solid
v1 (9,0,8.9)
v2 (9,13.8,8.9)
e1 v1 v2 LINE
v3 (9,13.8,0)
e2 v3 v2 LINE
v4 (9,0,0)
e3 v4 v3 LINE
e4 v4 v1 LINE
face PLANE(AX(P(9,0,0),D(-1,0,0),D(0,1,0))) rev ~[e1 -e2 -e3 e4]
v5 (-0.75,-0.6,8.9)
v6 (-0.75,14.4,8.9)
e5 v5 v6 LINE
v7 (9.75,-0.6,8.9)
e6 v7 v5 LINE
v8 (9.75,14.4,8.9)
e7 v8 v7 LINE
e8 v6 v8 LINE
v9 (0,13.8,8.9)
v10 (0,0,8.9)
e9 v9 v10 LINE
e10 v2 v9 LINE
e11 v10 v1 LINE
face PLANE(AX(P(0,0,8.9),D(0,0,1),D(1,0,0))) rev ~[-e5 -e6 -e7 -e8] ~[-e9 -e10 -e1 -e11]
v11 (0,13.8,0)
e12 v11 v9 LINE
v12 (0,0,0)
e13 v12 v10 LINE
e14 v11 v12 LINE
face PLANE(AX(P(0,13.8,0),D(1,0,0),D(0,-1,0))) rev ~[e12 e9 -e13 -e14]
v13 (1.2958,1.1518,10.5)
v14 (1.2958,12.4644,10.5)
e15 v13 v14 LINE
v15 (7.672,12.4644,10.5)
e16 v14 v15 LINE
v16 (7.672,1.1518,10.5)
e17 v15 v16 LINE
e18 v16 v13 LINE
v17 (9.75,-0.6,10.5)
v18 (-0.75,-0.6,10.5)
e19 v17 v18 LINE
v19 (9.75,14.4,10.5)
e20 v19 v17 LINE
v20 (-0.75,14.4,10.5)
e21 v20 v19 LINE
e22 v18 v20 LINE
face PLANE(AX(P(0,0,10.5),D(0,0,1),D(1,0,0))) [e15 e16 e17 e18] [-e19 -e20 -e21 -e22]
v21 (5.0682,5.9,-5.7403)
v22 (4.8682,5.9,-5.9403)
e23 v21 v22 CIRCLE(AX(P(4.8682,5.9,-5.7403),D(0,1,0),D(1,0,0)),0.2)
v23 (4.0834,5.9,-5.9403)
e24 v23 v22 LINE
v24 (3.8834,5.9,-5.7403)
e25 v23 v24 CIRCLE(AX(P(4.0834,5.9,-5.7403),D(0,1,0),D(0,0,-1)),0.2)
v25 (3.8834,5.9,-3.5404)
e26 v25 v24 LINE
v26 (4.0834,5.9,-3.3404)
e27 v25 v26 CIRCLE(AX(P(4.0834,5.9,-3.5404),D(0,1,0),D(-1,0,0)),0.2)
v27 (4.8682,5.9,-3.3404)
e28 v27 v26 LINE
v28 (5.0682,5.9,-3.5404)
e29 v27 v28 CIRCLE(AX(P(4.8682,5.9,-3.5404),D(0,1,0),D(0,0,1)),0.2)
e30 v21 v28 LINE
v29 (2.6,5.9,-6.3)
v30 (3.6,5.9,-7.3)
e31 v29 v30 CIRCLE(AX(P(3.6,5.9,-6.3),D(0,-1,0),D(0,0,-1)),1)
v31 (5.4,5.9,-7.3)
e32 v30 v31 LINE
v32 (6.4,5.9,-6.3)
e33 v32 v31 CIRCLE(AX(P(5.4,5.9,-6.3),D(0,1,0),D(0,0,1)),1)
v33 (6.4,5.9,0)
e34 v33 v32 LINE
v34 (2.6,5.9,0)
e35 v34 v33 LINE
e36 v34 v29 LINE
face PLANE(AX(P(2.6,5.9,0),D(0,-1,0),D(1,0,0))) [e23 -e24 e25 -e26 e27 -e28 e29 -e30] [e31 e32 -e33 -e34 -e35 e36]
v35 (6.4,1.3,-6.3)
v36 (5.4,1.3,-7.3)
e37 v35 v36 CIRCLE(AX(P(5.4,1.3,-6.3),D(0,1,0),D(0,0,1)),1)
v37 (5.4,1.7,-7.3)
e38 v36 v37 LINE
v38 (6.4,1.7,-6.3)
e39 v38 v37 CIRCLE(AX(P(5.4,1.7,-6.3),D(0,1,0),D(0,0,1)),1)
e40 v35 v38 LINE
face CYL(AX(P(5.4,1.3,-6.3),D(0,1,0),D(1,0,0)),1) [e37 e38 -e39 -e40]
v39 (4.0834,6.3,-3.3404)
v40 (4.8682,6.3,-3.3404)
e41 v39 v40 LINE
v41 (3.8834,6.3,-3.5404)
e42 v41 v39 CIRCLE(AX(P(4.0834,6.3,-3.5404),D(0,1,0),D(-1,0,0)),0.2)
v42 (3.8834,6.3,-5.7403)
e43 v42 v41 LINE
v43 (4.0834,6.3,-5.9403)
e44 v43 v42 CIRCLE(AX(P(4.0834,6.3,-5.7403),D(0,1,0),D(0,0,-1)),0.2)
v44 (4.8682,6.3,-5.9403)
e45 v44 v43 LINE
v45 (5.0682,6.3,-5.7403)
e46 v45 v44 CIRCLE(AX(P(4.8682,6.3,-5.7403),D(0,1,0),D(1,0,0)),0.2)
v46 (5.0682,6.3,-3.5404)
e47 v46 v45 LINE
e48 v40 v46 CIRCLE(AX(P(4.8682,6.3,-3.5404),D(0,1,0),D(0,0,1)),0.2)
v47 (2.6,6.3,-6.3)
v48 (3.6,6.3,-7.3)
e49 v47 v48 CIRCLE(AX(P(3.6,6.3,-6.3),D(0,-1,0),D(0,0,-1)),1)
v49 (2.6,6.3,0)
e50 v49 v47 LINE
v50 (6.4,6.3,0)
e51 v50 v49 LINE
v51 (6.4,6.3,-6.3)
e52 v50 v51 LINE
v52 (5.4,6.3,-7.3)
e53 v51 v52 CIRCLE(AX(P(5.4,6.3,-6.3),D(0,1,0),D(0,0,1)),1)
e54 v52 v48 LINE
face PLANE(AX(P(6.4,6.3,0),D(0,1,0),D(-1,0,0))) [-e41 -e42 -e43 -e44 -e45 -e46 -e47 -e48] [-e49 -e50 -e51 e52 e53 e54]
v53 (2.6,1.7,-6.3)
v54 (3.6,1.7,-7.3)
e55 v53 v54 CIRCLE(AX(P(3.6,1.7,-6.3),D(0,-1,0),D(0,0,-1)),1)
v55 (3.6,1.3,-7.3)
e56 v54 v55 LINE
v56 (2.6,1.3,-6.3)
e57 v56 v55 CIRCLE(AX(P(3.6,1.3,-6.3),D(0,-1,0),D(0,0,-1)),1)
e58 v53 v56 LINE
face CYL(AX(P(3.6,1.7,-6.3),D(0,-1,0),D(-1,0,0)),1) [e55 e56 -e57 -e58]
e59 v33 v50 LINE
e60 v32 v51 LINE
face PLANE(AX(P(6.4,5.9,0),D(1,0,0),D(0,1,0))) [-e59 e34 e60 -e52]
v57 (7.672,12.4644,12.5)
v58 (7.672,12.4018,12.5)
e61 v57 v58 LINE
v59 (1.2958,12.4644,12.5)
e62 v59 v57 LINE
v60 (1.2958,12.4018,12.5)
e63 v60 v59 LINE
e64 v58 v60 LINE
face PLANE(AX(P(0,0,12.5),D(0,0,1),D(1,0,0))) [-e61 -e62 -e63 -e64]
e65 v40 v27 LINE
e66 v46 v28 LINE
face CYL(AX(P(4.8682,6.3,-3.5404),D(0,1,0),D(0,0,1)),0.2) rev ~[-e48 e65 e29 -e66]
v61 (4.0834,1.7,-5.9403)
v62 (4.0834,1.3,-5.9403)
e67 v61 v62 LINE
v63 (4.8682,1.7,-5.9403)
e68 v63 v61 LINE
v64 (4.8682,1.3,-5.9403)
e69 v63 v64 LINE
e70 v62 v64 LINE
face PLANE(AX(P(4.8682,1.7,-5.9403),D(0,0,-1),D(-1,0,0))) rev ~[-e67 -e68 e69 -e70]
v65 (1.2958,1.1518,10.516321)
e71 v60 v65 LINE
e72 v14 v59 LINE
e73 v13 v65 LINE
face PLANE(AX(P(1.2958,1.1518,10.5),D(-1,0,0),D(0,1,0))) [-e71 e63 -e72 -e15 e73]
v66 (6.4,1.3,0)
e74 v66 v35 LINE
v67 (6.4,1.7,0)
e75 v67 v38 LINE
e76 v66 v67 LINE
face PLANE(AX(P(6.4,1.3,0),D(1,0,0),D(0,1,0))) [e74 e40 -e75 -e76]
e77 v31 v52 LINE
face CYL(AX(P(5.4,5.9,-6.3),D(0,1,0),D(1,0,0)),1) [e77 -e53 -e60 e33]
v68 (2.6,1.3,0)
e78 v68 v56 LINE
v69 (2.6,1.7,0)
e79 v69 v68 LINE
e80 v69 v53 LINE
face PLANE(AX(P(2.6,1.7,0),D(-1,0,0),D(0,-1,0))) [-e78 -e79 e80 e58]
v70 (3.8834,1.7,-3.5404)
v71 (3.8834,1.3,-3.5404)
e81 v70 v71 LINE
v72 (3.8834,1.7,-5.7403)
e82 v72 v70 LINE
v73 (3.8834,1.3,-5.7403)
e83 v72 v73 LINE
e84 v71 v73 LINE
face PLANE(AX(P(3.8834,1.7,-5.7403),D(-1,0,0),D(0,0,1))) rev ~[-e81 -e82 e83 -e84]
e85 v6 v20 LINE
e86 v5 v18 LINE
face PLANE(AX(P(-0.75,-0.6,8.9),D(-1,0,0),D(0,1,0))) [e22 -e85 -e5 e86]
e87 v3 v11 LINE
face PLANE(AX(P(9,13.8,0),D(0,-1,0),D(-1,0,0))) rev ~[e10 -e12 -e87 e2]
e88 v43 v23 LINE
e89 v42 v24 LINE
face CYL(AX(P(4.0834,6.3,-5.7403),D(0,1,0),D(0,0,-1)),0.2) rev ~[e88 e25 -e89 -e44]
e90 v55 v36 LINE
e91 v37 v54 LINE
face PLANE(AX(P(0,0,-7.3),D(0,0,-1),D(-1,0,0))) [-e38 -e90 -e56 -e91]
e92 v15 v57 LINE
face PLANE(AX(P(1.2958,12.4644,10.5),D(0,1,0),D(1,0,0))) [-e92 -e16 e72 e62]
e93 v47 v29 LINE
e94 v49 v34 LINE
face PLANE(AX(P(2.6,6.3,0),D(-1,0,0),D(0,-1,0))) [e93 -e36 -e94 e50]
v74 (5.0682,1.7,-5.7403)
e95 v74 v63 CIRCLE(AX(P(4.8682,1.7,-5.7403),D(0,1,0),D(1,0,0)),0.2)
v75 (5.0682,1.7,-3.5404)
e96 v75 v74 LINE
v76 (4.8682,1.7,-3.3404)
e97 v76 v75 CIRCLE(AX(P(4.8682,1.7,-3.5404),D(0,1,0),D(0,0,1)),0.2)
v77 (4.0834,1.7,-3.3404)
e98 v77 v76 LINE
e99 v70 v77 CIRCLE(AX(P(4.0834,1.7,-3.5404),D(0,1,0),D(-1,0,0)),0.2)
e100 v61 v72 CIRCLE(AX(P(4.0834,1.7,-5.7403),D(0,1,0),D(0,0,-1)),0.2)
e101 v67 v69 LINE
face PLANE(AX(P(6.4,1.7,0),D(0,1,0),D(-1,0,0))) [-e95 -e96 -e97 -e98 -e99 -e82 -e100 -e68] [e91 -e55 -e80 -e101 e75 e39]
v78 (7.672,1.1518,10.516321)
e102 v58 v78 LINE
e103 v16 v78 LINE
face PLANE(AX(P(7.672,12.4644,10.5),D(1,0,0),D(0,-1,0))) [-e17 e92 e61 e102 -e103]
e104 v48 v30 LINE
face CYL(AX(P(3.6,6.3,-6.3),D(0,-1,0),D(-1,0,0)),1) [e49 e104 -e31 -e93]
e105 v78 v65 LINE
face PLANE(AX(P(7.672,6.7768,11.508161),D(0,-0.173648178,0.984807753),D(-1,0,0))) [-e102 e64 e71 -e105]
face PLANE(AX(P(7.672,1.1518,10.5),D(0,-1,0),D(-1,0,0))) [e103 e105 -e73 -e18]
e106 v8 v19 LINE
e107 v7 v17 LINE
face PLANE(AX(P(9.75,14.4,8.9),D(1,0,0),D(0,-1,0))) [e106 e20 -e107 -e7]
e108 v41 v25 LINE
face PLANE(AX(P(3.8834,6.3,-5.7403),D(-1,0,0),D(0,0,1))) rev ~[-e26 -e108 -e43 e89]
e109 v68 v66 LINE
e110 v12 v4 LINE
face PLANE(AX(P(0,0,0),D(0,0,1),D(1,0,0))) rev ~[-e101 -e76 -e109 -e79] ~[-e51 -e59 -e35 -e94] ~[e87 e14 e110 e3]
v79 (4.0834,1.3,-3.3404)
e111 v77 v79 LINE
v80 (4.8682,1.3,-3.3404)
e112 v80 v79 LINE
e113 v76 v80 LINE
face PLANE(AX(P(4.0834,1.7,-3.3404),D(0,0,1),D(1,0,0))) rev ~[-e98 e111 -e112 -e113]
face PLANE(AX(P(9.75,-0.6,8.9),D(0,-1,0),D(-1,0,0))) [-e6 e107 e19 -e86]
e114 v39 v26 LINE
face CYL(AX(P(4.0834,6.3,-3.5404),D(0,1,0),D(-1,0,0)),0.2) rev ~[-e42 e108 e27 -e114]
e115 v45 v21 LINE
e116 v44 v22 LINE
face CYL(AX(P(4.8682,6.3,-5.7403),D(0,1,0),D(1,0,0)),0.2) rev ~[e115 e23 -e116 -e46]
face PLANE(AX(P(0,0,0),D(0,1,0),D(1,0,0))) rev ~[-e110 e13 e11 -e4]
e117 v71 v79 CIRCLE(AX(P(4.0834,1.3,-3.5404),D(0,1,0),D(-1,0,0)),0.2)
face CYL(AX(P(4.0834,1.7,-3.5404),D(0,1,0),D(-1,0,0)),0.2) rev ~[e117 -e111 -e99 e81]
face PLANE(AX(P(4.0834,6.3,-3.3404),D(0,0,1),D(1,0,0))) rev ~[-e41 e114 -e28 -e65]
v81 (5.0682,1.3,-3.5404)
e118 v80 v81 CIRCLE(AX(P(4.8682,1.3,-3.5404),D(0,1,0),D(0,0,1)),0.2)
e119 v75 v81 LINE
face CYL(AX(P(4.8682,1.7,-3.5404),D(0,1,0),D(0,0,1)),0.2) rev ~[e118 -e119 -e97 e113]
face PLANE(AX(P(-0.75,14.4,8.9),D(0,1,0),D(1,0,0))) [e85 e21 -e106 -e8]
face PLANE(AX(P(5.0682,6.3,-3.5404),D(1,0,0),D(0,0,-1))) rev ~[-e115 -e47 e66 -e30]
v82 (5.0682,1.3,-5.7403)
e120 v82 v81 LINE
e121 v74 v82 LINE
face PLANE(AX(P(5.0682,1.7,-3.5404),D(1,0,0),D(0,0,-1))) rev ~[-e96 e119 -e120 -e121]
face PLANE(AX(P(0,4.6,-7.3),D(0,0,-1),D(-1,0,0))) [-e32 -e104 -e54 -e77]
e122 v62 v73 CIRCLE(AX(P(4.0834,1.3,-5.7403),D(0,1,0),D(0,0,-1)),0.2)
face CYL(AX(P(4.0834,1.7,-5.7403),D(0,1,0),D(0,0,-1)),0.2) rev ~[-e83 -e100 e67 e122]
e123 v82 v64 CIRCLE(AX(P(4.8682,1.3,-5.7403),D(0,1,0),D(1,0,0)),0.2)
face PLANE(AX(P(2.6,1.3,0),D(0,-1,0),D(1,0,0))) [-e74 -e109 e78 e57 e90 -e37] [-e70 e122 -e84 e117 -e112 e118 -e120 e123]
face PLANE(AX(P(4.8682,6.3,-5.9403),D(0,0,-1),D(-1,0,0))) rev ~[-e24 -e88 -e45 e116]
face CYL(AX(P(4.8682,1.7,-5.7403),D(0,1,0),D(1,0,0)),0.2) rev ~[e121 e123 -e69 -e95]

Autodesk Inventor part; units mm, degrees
ref_plane "YZ Plane" through (0, 0, 0) normal (1, 0, 0) x (0, 1, 0)
ref_plane "XZ Plane" through (0, 0, 0) normal (0, 1, 0) x (-1, 0, 0)
ref_plane "XY Plane" through (0, 0, 0) normal (0, 0, 1) x (1, 0, 0)
sketch "Sketch1" plane through (0, 0, 0) normal (0, 0, 1) x (1, 0, 0)
  line L0 (0, 0) -> (9, 0)
  line L1 (9, 0) -> (9, 13.8)
  line L2 (9, 13.8) -> (0, 13.8)
  line L3 (0, 13.8) -> (0, 0)
  dimension "d0" = 9
  dimension "d1" = 13.8
extrude "Extrusion1" add sketch "Sketch1" along normal blind 8.9
sketch "Sketch2" plane through (0, 0, 8.9) normal (0, 0, 1) x (1, 0, 0)
  line L0 (-0.75, 14.4) -> (9.75, 14.4)
  line L1 (9.75, 14.4) -> (9.75, -0.6)
  line L2 (9.75, -0.6) -> (-0.75, -0.6)
  line L3 (-0.75, -0.6) -> (-0.75, 14.4)
  line L4 (9, 13.8) -> (0, 13.8) projected
  line L5 (0, 13.8) -> (0, 0) projected
  dimension "d4" = 10.5
  dimension "d5" = 15
  dimension "d6" = 0.6
  dimension "d7" = 0.75
extrude "Extrusion2" add sketch "Sketch2" along normal blind 1.6
sketch "Sketch3" plane through (0, 0, 10.5) normal (0, 0, 1) x (1, 0, 0)
  line L0 (1.2958, 12.4644) -> (7.672, 12.4644)
  line L1 (7.672, 12.4644) -> (7.672, 1.1518)
  line L2 (7.672, 1.1518) -> (1.2958, 1.1518)
  line L3 (1.2958, 1.1518) -> (1.2958, 12.4644)
  point P0 (0, 0)
extrude "Extrusion3" add sketch "Sketch3" along normal blind 2
chamfer "Chamfer1" distance 11.25 angle 10 1 edges at (4.4839, 1.1518, 12.5) measured on face at (3.4212, 8.6935, 12.5)
sketch "Sketch4" plane through (0, 0, 0) normal (0, 0, -1) x (-1, 0, 0)
  line L0 (-6.4, 1.7) -> (-2.6, 1.7)
  line L1 (-2.6, 1.7) -> (-2.6, 1.3)
  line L2 (-2.6, 1.3) -> (-6.4, 1.3)
  line L3 (-6.4, 1.3) -> (-6.4, 1.7)
  line L4 (-9, 0) -> (-9, 13.8) projected
  line L5 (0, 0) -> (-9, 0) projected
  point P0 (-6.4, 1.5)
  dimension "d15" = 3.8
  dimension "d16" = 0.4
  dimension "d17" = 2.6
  dimension "d18" = 1.3
extrude "Extrusion4" add sketch "Sketch4" along normal blind 7.3
fillet "Fillet1" radius 1 2 edges at (2.6, 1.5, -7.3) (6.4, 1.5, -7.3)
sketch "Sketch5" plane through (2.6, 1.7, 0) normal (0, 1, 0) x (1, 0, 0)
  line L0 (2.2682, 5.9403) -> (1.4834, 5.9403)
  line L1 (1.2834, 5.7403) -> (1.2834, 3.5404)
  line L2 (1.4834, 3.3404) -> (2.2682, 3.3404)
  line L3 (2.4682, 3.5404) -> (2.4682, 5.7403)
  arc A0 (2.4682, 5.7403) -> (2.2682, 5.9403) centre (2.2682, 5.7403) ccw
  arc A1 (1.4834, 5.9403) -> (1.2834, 5.7403) centre (1.4834, 5.7403) ccw
  arc A2 (2.2682, 3.3404) -> (2.4682, 3.5404) centre (2.2682, 3.5404) ccw
  arc A3 (1.2834, 3.5404) -> (1.4834, 3.3404) centre (1.4834, 3.5404) ccw
  point P0 (-2.6, 0)
  dimension "d22" = 0.2
extrude "Extrusion5" cut sketch "Sketch5" against normal blind 7.3
pattern_linear "Rectangular Pattern1" count 2 spacing 4.6 along (0, 1, 0) of "Extrusion4", "Extrusion5", "Fillet1"
properties part number "rocker_switch"
